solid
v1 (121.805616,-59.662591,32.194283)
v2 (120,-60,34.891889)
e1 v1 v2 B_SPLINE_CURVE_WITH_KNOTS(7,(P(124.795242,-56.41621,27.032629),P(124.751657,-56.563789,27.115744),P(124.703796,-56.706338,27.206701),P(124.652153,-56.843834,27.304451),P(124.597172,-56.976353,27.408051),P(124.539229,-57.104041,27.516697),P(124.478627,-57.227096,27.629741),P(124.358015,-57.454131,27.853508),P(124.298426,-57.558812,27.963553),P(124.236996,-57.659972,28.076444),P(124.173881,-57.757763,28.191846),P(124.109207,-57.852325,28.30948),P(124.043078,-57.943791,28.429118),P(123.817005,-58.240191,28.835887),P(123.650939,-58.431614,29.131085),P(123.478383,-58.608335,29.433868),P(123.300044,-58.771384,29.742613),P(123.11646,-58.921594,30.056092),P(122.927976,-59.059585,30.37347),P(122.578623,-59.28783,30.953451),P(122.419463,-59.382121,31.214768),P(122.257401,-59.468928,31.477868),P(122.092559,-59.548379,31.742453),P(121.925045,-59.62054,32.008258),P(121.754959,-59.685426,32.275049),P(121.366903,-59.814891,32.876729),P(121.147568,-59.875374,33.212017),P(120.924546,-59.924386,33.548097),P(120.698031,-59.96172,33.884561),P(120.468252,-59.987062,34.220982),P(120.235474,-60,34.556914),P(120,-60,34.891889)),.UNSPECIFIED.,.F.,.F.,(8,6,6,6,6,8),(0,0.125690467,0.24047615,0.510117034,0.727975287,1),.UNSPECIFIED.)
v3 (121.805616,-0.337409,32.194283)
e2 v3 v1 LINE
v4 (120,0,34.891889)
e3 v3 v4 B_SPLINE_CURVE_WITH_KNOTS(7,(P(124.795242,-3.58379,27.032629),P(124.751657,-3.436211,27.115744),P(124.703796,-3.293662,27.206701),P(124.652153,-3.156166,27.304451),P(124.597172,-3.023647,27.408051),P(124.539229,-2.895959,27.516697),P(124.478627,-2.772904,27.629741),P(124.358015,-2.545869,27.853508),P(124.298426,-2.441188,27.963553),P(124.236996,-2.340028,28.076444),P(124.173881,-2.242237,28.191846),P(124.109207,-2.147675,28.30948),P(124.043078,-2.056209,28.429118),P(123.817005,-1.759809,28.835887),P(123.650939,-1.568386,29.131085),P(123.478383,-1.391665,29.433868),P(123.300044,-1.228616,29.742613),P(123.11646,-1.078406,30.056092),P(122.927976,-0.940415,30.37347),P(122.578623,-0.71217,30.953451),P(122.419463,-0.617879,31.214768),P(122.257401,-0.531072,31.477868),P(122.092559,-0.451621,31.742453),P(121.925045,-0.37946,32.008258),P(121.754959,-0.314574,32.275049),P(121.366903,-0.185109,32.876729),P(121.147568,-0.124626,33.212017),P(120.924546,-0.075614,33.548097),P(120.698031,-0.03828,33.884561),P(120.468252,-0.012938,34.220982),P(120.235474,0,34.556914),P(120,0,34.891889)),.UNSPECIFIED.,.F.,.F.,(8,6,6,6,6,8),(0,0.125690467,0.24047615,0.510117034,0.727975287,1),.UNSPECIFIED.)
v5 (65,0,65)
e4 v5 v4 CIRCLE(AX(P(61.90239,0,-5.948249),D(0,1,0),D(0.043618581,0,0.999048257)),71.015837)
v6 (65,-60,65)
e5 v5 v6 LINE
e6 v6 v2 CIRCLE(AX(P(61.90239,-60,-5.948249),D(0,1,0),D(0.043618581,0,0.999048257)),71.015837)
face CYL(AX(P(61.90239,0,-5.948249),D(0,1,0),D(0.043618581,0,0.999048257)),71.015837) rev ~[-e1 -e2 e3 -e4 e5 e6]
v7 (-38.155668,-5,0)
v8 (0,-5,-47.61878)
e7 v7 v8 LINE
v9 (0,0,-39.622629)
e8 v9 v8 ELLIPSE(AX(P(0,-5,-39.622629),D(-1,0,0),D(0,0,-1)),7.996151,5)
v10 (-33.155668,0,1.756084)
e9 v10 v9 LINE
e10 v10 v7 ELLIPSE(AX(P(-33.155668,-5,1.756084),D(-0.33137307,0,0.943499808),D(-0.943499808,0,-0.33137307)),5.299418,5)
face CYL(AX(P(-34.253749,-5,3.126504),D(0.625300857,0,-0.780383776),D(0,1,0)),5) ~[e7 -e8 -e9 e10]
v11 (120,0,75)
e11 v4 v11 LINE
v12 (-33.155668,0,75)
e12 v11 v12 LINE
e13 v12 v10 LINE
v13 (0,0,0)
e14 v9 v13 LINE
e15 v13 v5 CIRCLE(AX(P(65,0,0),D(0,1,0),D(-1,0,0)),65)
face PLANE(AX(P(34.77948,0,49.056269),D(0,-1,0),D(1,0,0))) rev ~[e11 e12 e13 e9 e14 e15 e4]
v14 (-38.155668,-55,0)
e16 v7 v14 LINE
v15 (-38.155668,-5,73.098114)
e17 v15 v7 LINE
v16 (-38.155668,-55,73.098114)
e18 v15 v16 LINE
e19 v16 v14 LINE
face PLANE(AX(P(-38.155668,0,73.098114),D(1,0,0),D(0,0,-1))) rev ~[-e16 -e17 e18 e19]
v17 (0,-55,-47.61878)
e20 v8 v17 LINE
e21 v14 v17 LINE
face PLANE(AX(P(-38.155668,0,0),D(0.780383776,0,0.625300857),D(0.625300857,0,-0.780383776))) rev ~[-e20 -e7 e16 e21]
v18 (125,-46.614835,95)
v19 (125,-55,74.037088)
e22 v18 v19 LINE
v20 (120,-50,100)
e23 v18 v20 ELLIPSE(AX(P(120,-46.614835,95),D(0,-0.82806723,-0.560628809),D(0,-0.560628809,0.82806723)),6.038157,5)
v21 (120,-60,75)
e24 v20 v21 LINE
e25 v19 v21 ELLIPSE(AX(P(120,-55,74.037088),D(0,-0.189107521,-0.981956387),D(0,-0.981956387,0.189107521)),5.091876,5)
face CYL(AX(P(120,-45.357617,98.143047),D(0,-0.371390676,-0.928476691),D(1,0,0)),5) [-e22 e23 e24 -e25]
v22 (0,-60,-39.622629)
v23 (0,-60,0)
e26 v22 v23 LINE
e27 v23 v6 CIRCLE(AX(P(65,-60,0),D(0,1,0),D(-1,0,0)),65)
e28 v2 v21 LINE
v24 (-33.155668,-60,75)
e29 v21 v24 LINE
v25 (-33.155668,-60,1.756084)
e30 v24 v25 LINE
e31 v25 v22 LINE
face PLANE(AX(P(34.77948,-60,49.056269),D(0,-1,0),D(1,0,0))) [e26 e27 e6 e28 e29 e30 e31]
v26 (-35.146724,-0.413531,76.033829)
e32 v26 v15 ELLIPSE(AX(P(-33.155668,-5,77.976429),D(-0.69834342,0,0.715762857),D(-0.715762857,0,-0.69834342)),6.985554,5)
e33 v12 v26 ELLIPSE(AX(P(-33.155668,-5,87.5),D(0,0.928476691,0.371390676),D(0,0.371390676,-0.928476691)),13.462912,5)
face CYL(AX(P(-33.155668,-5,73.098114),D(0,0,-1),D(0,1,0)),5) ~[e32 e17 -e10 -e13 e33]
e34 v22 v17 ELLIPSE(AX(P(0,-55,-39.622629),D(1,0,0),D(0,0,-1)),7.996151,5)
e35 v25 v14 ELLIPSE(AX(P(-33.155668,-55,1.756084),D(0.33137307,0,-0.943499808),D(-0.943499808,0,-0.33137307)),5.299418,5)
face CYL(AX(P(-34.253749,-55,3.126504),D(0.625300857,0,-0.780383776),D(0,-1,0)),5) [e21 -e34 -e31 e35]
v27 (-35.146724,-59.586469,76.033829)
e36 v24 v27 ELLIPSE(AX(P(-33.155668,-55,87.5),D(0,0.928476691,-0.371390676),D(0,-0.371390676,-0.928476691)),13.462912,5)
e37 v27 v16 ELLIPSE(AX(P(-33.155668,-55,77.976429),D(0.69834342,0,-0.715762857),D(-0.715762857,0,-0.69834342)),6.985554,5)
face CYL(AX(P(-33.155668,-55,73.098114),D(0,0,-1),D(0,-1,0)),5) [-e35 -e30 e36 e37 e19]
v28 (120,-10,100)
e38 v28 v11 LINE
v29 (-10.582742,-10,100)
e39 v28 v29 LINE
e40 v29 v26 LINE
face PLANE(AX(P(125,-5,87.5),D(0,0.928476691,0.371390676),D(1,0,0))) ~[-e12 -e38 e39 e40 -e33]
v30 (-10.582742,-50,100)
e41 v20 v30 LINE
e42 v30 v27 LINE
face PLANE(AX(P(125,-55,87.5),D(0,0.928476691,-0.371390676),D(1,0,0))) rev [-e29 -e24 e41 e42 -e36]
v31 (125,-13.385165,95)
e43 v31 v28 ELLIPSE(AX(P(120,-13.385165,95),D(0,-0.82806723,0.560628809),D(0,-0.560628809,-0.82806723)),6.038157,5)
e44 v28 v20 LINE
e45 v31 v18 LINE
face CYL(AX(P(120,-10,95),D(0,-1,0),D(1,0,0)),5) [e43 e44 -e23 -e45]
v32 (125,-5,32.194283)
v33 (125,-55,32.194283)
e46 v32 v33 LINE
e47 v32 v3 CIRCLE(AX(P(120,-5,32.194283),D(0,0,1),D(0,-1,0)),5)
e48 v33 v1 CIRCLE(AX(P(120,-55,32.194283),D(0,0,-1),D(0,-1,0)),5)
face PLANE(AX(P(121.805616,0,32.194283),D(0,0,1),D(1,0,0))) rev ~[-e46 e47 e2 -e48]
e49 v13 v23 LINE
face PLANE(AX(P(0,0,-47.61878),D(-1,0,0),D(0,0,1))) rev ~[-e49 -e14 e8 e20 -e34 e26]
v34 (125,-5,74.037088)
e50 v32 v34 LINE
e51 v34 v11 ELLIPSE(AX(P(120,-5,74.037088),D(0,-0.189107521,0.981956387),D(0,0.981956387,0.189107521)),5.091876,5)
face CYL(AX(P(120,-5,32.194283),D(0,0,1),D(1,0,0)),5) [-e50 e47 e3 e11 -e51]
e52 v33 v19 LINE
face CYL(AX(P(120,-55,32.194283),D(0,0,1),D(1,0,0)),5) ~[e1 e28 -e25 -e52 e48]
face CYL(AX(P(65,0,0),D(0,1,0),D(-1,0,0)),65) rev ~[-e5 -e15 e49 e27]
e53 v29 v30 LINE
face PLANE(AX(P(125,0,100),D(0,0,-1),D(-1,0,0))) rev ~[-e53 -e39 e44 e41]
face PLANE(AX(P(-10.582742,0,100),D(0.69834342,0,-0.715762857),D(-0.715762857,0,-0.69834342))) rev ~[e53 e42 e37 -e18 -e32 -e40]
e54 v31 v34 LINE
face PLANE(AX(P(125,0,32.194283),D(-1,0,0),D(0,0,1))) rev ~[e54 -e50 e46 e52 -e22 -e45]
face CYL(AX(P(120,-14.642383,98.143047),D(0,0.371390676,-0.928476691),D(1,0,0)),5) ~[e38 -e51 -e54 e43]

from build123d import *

# Parameters (mm, degrees)
F1_DEPTH = 60
F2_SIZE2 = 25
F2_SIZE  = 10
F3_R     = 5


with BuildPart() as f1:
    # F0 (on Front) → F1 (new body)
    with BuildSketch(Plane.XZ):
        with BuildLine():
            Line((125, 32.1942828596), (125, 75))
            Line((125, 75), (125, 100))
            Line((125, 100), (-10.5827422813, 100))
            Line((-10.5827422813, 100), (-38.1556677818, 73.0981135368))
            Line((-38.1556677818, 73.0981135368), (-38.1556677818, 0))
            Line((-38.1556677818, 0), (0, -47.6187802851))
            Line((0, -47.6187802851), (0, 0))
            ThreePointArc((0, 0), (19.0380592229, 45.9619407771), (65, 65))
            ThreePointArc((65, 65), (97.417599338, 55.5490608419), (121.8056157231, 32.1942828596))
            Line((121.8056157231, 32.1942828596), (125, 32.1942828596))
        make_face()
    extrude(amount=F1_DEPTH)

    # F2
    f2_edges = [f1.edges().sort_by_distance(p)[0] for p in [
        (57.208629, -60, 100),
        (57.208629, 0, 100),
    ]]
    f2_side = f1.faces().sort_by_distance((57.208629, -30, 100))[0]
    chamfer(f2_edges, length=F2_SIZE, length2=F2_SIZE2, reference=f2_side)

    # F3
    f3_edges = [f1.edges().sort_by_distance(p)[0] for p in [
        (125, -30, 100),
        (125, -60, 53.597141),
        (125, 0, 53.597141),
        (-38.155668, -60, 36.549057),
        (-38.155668, 0, 36.549057),
        (-19.077834, 0, -23.80939),
        (-19.077834, -60, -23.80939),
        (125, -5, 87.5),
        (125, -55, 87.5),
    ]]
    fillet(f3_edges, radius=F3_R)


solid = f1.part
